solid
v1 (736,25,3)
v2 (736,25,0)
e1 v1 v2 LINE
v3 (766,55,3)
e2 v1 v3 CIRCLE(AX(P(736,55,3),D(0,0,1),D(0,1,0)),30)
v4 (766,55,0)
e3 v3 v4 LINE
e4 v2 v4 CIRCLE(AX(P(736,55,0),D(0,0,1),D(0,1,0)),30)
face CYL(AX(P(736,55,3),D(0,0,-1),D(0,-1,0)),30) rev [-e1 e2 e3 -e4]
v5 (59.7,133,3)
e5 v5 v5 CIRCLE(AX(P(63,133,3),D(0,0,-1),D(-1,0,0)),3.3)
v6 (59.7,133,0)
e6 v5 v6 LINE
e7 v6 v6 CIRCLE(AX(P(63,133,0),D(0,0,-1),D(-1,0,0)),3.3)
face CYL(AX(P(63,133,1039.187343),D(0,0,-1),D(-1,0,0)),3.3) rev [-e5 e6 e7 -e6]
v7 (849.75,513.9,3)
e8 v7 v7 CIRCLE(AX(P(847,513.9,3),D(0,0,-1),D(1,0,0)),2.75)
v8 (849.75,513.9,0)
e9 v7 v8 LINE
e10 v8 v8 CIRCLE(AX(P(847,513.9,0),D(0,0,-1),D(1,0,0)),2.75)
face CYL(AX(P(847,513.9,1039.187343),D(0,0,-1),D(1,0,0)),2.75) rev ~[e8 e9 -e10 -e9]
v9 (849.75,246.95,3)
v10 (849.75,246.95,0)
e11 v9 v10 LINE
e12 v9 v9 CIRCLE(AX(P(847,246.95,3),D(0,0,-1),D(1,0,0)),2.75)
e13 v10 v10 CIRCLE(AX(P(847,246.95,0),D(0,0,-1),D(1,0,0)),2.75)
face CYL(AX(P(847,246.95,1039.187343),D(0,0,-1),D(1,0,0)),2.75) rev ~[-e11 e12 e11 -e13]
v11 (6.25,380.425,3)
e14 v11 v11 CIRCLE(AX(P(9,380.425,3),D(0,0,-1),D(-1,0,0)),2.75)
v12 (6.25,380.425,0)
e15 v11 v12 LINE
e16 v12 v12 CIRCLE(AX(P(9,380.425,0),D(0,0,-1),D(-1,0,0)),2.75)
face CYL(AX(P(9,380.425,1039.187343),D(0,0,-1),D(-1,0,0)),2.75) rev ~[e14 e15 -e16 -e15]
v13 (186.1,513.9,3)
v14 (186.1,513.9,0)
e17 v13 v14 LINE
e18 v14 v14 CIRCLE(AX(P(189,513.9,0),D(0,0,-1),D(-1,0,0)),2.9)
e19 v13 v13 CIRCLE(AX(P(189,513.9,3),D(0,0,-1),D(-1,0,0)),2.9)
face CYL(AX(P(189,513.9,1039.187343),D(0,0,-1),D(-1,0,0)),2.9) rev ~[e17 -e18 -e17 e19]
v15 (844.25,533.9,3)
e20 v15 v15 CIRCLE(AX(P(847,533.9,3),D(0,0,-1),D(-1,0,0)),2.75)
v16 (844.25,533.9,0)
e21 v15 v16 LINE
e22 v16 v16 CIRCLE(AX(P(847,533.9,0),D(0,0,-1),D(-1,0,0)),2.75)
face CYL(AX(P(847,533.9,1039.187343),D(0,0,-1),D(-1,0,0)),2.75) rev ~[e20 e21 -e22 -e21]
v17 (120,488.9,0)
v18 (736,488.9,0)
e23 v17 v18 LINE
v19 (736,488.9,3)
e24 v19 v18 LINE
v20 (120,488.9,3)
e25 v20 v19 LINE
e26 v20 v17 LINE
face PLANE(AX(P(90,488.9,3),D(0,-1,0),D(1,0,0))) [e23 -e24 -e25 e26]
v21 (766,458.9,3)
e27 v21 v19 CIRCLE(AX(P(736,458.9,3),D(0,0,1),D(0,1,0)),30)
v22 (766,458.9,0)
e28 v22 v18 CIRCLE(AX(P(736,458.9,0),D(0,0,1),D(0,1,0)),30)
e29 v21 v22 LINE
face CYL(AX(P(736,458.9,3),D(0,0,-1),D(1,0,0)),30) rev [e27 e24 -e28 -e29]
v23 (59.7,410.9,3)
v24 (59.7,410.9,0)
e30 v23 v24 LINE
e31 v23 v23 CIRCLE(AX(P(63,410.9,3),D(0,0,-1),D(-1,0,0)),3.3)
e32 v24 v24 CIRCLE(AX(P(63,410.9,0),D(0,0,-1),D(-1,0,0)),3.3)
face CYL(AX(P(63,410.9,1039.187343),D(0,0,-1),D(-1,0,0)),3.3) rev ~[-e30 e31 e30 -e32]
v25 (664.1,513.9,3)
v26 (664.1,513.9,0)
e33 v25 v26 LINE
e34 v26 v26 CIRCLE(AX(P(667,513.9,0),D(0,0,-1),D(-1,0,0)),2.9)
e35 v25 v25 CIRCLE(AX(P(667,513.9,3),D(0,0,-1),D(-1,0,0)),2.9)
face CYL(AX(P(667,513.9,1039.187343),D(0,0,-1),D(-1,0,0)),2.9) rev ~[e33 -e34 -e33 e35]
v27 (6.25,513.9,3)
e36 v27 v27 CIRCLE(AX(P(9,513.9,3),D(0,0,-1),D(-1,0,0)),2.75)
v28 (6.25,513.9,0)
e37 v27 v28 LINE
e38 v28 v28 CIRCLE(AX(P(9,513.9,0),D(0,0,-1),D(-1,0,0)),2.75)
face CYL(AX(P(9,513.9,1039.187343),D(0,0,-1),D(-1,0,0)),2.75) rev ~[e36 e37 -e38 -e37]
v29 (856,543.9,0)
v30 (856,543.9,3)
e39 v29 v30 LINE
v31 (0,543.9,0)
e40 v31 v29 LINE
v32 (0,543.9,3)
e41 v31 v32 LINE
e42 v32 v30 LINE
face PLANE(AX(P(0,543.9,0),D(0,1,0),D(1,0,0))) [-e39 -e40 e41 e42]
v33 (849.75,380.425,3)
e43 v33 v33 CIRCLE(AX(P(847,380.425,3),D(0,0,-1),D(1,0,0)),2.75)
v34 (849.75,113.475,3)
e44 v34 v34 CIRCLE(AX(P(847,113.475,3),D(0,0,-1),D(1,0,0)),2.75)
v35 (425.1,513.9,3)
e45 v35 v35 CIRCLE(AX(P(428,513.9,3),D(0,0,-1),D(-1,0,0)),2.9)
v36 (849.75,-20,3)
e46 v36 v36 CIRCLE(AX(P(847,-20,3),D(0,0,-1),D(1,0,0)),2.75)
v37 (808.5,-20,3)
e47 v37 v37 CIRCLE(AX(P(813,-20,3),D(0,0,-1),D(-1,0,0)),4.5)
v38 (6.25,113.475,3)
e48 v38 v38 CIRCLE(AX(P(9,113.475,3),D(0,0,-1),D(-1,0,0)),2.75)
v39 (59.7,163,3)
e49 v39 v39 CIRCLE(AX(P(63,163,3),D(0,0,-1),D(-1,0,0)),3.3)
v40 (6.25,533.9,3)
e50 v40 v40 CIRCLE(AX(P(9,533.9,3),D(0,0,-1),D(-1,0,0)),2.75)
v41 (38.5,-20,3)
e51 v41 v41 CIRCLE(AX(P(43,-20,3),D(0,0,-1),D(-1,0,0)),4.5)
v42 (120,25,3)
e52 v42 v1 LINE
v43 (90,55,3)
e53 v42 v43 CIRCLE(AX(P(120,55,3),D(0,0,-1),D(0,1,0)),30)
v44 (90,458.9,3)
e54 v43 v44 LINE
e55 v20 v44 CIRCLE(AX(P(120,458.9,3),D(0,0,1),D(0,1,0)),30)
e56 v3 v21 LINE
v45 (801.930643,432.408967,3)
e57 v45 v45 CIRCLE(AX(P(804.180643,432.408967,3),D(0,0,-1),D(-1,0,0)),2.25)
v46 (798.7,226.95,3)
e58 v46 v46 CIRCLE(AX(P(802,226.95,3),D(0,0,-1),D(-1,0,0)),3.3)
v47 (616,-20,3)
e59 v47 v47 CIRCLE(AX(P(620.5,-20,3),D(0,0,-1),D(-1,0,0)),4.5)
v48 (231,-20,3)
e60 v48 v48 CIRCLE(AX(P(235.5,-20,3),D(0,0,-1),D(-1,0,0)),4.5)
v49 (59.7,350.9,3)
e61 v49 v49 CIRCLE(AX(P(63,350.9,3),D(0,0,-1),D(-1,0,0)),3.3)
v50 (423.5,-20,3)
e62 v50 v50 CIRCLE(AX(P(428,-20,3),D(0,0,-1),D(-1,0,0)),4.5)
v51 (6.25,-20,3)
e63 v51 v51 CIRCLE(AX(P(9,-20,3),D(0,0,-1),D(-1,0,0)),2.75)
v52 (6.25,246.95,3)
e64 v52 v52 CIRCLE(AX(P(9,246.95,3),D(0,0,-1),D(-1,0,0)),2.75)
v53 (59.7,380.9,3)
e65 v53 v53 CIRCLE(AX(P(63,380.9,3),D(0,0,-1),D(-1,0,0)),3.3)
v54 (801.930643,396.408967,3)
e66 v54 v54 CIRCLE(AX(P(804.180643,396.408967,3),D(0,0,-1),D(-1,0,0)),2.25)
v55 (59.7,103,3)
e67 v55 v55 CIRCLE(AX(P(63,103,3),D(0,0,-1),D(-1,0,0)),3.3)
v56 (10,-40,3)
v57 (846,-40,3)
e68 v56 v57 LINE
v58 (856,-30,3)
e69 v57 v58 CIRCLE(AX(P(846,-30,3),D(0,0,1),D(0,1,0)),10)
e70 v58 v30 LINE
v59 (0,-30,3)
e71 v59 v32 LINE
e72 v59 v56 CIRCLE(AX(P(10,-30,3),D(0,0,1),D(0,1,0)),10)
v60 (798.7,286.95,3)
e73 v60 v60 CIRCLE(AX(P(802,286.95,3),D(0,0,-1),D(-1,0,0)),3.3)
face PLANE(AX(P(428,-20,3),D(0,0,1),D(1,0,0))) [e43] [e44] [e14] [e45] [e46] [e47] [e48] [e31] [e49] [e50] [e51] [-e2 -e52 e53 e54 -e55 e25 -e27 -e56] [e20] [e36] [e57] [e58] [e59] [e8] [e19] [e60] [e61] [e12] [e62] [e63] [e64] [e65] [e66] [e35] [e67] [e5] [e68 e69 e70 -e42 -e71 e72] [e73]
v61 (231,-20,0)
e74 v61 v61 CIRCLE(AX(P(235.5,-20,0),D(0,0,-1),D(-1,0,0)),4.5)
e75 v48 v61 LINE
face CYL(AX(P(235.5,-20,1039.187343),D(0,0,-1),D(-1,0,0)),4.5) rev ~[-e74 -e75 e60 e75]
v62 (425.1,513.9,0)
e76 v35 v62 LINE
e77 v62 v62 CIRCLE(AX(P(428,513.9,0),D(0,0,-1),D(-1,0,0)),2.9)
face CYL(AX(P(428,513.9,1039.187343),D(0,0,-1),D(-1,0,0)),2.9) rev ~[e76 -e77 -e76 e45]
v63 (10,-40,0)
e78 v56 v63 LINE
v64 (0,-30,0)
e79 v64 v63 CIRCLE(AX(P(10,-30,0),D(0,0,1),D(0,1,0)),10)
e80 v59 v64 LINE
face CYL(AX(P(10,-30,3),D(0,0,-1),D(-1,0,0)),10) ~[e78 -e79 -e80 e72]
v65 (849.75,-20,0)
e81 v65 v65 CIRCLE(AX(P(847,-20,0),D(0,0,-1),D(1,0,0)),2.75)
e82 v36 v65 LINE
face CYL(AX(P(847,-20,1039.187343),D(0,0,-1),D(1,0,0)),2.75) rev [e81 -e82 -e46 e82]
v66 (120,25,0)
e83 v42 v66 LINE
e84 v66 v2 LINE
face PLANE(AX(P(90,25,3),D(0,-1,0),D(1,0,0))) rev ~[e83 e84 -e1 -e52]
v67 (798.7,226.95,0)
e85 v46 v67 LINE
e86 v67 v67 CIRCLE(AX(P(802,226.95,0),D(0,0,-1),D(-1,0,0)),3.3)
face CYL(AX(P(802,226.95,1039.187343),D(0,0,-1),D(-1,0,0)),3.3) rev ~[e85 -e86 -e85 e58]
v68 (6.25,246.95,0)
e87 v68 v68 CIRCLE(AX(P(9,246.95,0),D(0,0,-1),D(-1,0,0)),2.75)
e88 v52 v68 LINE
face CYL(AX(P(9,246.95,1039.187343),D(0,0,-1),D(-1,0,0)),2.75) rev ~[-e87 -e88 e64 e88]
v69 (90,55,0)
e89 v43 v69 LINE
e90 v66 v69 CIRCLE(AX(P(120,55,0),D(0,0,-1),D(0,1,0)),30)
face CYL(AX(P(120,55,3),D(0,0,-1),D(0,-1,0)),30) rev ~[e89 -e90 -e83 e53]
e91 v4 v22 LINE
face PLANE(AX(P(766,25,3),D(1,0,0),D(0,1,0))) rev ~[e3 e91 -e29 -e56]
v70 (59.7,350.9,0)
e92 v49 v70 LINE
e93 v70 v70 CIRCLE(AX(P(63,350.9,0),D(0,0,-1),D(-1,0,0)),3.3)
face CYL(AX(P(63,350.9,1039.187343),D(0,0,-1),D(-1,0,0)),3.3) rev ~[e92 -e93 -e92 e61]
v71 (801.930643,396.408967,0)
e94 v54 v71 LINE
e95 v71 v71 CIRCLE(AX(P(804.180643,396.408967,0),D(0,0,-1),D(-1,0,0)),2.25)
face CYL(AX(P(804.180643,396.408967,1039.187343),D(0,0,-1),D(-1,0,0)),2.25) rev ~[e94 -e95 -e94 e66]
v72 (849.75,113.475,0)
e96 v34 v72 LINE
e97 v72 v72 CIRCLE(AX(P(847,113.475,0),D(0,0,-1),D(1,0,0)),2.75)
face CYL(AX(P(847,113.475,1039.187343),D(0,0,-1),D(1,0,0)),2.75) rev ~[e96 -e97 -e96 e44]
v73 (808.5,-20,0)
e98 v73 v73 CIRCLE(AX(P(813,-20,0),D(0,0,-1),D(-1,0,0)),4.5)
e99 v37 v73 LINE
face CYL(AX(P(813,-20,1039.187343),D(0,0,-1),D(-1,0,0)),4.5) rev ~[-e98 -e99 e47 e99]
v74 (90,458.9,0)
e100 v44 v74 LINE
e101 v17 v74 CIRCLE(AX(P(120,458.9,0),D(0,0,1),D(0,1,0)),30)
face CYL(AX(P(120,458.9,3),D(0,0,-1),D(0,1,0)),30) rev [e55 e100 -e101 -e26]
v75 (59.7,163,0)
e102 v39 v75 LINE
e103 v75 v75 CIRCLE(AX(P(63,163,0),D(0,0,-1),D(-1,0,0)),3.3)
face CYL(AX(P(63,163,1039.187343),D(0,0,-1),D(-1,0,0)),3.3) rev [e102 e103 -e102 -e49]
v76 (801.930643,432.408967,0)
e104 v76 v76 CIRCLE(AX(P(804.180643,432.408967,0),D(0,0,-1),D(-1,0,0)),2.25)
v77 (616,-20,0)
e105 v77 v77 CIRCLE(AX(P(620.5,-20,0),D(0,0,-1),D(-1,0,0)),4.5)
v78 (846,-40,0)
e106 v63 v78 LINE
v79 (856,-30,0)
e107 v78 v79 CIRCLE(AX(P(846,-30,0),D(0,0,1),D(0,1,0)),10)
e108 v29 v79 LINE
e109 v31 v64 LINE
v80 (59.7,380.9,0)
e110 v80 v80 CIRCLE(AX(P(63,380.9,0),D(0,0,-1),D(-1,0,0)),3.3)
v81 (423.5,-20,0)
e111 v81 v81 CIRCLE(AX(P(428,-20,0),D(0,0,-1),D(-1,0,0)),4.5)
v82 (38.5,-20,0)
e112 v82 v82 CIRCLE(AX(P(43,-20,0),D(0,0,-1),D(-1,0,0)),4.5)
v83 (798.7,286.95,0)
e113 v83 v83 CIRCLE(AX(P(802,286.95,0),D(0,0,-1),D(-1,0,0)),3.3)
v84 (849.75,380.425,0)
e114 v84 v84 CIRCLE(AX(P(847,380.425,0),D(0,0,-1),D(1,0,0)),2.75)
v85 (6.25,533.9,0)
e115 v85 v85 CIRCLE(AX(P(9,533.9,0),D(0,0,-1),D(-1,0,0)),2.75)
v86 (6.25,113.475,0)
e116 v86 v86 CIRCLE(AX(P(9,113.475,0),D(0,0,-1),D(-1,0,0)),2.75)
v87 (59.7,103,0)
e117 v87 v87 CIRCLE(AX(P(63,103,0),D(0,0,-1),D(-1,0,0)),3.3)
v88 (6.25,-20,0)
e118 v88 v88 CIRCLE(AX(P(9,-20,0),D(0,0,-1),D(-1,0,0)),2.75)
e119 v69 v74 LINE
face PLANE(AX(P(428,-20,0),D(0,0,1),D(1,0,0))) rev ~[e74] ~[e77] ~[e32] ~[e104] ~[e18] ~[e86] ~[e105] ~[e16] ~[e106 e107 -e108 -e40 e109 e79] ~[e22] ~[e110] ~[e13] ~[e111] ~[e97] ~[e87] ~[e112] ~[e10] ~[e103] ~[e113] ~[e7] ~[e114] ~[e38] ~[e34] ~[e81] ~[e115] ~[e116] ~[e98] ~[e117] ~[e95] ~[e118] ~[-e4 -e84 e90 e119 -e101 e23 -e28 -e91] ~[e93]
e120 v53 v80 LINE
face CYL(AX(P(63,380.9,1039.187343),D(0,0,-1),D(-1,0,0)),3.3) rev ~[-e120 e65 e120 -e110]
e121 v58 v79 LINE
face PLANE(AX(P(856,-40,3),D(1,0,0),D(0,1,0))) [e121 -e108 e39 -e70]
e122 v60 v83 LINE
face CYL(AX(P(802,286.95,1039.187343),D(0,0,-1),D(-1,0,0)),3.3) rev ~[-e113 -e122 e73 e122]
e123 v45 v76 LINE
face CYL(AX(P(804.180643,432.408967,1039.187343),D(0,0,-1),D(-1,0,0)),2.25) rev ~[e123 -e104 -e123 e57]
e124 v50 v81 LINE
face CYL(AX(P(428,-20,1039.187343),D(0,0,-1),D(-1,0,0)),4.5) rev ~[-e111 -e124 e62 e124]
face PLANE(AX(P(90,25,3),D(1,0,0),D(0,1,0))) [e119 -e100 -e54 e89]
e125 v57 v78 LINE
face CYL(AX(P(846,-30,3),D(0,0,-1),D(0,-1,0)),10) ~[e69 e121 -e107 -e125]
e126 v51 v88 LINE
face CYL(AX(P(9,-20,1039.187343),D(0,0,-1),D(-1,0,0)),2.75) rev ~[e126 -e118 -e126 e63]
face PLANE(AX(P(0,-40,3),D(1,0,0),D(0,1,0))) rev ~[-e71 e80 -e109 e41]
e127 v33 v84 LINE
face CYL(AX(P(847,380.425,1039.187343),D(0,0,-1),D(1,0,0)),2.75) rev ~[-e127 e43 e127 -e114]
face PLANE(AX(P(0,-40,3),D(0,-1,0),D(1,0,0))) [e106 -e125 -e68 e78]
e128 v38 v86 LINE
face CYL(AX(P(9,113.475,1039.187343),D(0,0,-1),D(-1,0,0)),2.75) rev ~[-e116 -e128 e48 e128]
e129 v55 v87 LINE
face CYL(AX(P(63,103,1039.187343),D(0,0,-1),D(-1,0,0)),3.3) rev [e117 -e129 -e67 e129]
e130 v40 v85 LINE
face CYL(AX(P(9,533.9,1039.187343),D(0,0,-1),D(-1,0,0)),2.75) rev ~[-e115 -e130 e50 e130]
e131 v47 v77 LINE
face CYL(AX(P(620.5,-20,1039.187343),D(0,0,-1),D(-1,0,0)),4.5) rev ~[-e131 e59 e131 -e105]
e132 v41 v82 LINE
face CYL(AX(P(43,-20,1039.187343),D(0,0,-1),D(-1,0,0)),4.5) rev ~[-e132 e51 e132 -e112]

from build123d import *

# Parameters (mm, degrees)
SKETCH1_W            = 856
SKETCH1_H            = 543.9
MAINFRONT_DEPTH      = 3
SKETCH2_W            = 676
SKETCH2_H            = 463.9
DOORCUT_DEPTH        = 4
DOORROUNDINTERNAL_R  = 30
SKETCH3_W            = 856
SKETCH3_H            = 40
BOTTOMMOUNT_DEPTH    = 3
M8_CLEARANCE_HOLE1_D = 9
LPATTERN1_COUNT      = 5
LPATTERN1_PITCH      = 192.5
M5_CLEARANCE_HOLE1_D = 5.5
LPATTERN2_COUNT      = 5
LPATTERN2_PITCH      = 133.475
MIRROR1_COPY_1_D     = 5.5
MIRROR1_COPY_2_D     = 5.5
MIRROR1_COPY_3_D     = 5.5
MIRROR1_COPY_4_D     = 5.5
M5_CLEARANCE_HOLE2_D = 5.5
LPATTERN3_COUNT      = 2
LPATTERN3_PITCH      = 838
M6_CLEARANCE_HOLE1_D = 6.6
FILLET1_R            = 10
M4_CLEARANCE_HOLE1_D = 4.5
M6_CLEARANCE_HOLE2_D = 6.6
M5_CLEARANCE_HOLE3_D = 5.8


with BuildPart() as part:
    # Sketch1 → MainFront (new body)
    with BuildSketch(Plane.XY):
        with Locations((428, 271.95)):
            Rectangle(SKETCH1_W, SKETCH1_H)
    extrude(amount=MAINFRONT_DEPTH)

    # Sketch2 → DoorCut (cut, through all)
    with BuildSketch(Plane.XY.offset(3)):
        with Locations((428, 256.95)):
            Rectangle(SKETCH2_W, SKETCH2_H)
    extrude(amount=-DOORCUT_DEPTH, mode=Mode.SUBTRACT)

    # DoorRoundInternal
    doorroundinternal_edges = [part.edges().sort_by_distance(p)[0] for p in [
        (766, 488.9, 1.5),
        (766, 25, 1.5),
        (90, 25, 1.5),
        (90, 488.9, 1.5),
    ]]
    fillet(doorroundinternal_edges, radius=DOORROUNDINTERNAL_R)

    # Sketch3 → BottomMount (add)
    with BuildSketch(Plane.XY.offset(3)):
        with Locations((428, -20)):
            Rectangle(SKETCH3_W, SKETCH3_H)
    extrude(amount=-BOTTOMMOUNT_DEPTH)

    # M8 Clearance Hole1 (through all)
    with Locations(Plane.XY.offset(3)):
        with Locations((43, -20)):
            m8_clearance_hole1 = Hole(M8_CLEARANCE_HOLE1_D / 2)

    # LPattern1: M8 Clearance Hole1 ×5
    with Locations(*[(i * LPATTERN1_PITCH, 0, 0) for i in range(1, LPATTERN1_COUNT)]):
        add(m8_clearance_hole1, mode=Mode.SUBTRACT)

    # M5 Clearance Hole1 (through all)
    with Locations(Plane.XY.offset(3)):
        with Locations((9, -20)):
            m5_clearance_hole1 = Hole(M5_CLEARANCE_HOLE1_D / 2)

    # LPattern2: M5 Clearance Hole1 ×5
    with Locations(*[(0, i * LPATTERN2_PITCH, 0) for i in range(1, LPATTERN2_COUNT)]):
        add(m5_clearance_hole1, mode=Mode.SUBTRACT)

    # Mirror1: M5 Clearance Hole1 across plane
    add(m5_clearance_hole1.mirror(Plane(origin=(428, 0, 0), x_dir=(0, 0, 1), z_dir=(1, 0, 0))), mode=Mode.SUBTRACT)

    # Mirror1 copy 1 (through all)
    with Locations(Plane(origin=(856, 133.475, 3), x_dir=(-1, 0, 0), z_dir=(0, 0, 1))):
        with Locations((9, 20)):
            Hole(MIRROR1_COPY_1_D / 2)

    # Mirror1 copy 2 (through all)
    with Locations(Plane(origin=(856, 266.95, 3), x_dir=(-1, 0, 0), z_dir=(0, 0, 1))):
        with Locations((9, 20)):
            Hole(MIRROR1_COPY_2_D / 2)

    # Mirror1 copy 3 (through all)
    with Locations(Plane(origin=(856, 400.425, 3), x_dir=(-1, 0, 0), z_dir=(0, 0, 1))):
        with Locations((9, 20)):
            Hole(MIRROR1_COPY_3_D / 2)

    # Mirror1 copy 4 (through all)
    with Locations(Plane(origin=(856, 533.9, 3), x_dir=(-1, 0, 0), z_dir=(0, 0, 1))):
        with Locations((9, 20)):
            Hole(MIRROR1_COPY_4_D / 2)

    # M5 Clearance Hole2 (through all)
    with Locations(Plane.XY.offset(3)):
        with Locations((9, 533.9)):
            m5_clearance_hole2 = Hole(M5_CLEARANCE_HOLE2_D / 2)

    # LPattern3: M5 Clearance Hole2 ×2
    with Locations(*[(i * LPATTERN3_PITCH, 0, 0) for i in range(1, LPATTERN3_COUNT)]):
        add(m5_clearance_hole2, mode=Mode.SUBTRACT)

    # M6 Clearance Hole1 (through all)
    with Locations(Plane.XY.offset(3)):
        with Locations((802, 286.95), (802, 226.95)):
            Hole(M6_CLEARANCE_HOLE1_D / 2)

    # Fillet1
    fillet1_edges = [part.edges().sort_by_distance(p)[0] for p in [
        (0, -40, 1.5),
        (856, -40, 1.5),
    ]]
    fillet(fillet1_edges, radius=FILLET1_R)

    # M4 Clearance Hole1 (through all)
    with Locations(Plane.XY.offset(3)):
        with Locations((804.180642757, 432.408967428), (804.180642757, 396.408967428)):
            Hole(M4_CLEARANCE_HOLE1_D / 2)

    # M6 Clearance Hole2 (through all)
    with Locations(Plane.XY.offset(3)):
        with Locations((63, 410.9), (63, 380.9), (63, 350.9)):
            m6_clearance_hole2 = Hole(M6_CLEARANCE_HOLE2_D / 2)

    # Mirror2: M6 Clearance Hole2 across plane
    add(m6_clearance_hole2.mirror(Plane.ZX.offset(256.95)), mode=Mode.SUBTRACT)

    # M5 Clearance Hole3 (through all)
    with Locations(Plane.XY.offset(3)):
        with Locations((189, 513.9), (428, 513.9), (667, 513.9)):
            Hole(M5_CLEARANCE_HOLE3_D / 2)


solid = part.part
